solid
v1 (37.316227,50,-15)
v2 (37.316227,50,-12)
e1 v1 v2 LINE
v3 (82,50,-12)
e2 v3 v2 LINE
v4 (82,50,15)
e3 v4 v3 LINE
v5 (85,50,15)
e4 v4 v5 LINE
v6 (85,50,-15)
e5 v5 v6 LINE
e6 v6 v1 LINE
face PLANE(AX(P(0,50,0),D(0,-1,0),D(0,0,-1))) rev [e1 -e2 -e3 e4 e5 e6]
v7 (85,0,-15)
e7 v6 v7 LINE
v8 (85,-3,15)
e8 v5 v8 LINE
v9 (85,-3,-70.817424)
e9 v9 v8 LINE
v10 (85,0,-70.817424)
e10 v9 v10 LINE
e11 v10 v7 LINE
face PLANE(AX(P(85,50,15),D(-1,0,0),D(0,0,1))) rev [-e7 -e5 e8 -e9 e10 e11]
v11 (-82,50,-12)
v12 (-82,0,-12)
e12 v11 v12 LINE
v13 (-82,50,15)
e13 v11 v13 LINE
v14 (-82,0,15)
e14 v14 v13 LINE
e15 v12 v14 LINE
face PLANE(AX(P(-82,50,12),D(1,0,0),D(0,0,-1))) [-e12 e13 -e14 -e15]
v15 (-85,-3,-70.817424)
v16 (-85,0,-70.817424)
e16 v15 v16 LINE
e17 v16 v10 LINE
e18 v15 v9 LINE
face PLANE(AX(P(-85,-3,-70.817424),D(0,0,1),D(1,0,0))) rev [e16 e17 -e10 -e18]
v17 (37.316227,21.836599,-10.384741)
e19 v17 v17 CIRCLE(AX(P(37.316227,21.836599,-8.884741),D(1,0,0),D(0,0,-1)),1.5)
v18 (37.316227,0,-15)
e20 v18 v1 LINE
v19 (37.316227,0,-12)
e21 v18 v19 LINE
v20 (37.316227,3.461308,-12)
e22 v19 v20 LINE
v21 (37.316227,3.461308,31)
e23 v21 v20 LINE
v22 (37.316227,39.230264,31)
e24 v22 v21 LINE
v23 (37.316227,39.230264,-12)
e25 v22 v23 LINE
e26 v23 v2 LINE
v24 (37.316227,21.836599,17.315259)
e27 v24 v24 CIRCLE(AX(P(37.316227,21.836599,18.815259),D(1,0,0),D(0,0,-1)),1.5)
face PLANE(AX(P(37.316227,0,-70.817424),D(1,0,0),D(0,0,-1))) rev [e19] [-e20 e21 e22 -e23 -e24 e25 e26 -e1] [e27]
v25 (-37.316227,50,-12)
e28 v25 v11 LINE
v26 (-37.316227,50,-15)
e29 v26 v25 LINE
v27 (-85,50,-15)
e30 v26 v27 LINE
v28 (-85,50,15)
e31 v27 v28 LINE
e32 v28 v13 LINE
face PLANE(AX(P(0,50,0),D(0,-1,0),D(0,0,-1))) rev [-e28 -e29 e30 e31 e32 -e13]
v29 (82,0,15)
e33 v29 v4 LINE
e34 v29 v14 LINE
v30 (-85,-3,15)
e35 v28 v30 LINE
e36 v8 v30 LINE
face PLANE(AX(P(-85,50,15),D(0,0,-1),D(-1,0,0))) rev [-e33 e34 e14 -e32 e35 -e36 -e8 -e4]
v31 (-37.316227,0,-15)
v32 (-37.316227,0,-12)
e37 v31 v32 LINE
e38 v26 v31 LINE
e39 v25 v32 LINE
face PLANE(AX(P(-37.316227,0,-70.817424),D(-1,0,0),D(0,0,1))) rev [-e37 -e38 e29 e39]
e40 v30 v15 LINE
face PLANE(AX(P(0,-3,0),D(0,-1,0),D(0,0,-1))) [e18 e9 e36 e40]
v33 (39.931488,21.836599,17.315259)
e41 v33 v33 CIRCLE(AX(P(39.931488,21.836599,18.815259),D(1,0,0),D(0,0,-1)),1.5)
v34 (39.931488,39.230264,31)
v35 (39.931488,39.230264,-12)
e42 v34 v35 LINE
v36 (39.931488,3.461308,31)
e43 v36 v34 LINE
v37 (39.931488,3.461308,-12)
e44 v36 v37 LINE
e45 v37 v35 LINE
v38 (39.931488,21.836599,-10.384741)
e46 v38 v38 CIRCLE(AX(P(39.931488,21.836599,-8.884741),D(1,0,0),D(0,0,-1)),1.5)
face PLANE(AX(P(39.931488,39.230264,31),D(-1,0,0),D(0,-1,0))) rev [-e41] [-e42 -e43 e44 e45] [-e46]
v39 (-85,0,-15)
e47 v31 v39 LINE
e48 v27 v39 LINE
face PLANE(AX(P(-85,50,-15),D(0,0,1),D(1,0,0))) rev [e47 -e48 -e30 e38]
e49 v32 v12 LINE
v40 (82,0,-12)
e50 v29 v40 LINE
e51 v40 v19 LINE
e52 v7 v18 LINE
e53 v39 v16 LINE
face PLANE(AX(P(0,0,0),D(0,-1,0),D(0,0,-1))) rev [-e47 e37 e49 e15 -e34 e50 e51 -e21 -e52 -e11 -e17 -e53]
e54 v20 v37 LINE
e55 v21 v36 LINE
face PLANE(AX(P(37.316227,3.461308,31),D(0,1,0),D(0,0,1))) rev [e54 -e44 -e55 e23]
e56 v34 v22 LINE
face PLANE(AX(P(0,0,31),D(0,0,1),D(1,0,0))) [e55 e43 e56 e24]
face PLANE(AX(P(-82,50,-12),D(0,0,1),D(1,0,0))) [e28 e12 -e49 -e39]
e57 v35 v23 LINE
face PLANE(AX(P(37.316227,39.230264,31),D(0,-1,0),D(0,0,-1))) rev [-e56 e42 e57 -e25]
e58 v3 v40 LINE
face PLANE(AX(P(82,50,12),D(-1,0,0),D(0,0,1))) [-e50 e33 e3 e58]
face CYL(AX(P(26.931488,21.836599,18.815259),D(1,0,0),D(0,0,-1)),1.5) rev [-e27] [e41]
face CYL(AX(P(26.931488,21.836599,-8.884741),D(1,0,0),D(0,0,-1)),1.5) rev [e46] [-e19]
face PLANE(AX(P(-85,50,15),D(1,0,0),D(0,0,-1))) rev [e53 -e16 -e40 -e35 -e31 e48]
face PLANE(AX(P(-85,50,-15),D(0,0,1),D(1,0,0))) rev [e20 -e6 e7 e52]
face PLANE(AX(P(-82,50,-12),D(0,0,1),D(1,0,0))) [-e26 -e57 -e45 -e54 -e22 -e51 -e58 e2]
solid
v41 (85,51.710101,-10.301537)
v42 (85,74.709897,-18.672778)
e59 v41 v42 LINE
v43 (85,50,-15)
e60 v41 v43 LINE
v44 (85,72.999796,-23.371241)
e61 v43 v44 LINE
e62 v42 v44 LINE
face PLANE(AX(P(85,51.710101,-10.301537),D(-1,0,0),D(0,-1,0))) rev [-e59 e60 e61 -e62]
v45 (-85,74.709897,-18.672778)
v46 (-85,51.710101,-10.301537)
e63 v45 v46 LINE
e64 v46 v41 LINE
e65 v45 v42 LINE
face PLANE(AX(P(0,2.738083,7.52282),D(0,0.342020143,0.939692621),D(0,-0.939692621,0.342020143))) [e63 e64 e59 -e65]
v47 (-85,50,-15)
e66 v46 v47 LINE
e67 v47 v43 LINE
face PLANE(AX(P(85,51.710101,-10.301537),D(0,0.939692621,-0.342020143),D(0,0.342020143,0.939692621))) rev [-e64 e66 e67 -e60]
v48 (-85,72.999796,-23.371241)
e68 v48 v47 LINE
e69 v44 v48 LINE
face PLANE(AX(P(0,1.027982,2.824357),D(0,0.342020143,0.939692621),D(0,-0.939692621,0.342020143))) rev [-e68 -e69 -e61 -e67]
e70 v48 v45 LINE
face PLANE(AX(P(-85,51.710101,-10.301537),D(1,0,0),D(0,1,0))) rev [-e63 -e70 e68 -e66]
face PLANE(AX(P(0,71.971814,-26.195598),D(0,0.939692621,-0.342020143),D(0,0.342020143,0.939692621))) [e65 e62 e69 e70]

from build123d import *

# Parameters (mm, degrees)
SKETCH_1_W          = 170
SKETCH_1_H          = 30
SKETCH_1_W_2        = 164
SKETCH_1_H_2        = 24
EXTRUDE_1_DEPTH     = 50
SKETCH_2_W          = 170
SKETCH_2_H          = 4.475871816
EXTRUDE_2_DEPTH     = 5
SKETCH_4_W          = 170
SKETCH_4_H          = 5
EXTRUDE_4_DEPTH     = 20
SKETCH_5_W          = 164
SKETCH_5_H          = 3
CUT_EXTRUDE_1_DEPTH = 51
SKETCH_6_W          = 170
SKETCH_6_H          = 85.817423509
EXTRUDE_5_DEPTH     = 3
SKETCH_7_W          = 74.63245353
SKETCH_7_H          = 50
CUT_EXTRUDE_2_DEPTH = 59.817423509
SKETCH_8_W          = 2.615260917
SKETCH_8_H          = 35.768956176
EXTRUDE_6_DEPTH     = 43
SKETCH_10_R         = 1.5
CUT_EXTRUDE_3_DEPTH = 13


with BuildPart() as part:
    # 草图1 → 凸台-拉伸1 (new body)
    with BuildSketch(Plane(origin=(0, 0, 0), x_dir=(1, 0, 0), z_dir=(0, 1, 0))):
        Rectangle(SKETCH_1_W, SKETCH_1_H)
        Rectangle(SKETCH_1_W_2, SKETCH_1_H_2, mode=Mode.SUBTRACT)
    extrude(amount=EXTRUDE_1_DEPTH)

    # 草图5 → 切除-拉伸1 (cut, through all)
    with BuildSketch(Plane(origin=(0, 50, 0), x_dir=(1, 0, 0), z_dir=(0, 1, 0))):
        with Locations((0, -13.5)):
            Rectangle(SKETCH_5_W, SKETCH_5_H)
    extrude(amount=-CUT_EXTRUDE_1_DEPTH, mode=Mode.SUBTRACT)

    # 草图6 → 凸台-拉伸5 (add)
    with BuildSketch(Plane.XZ):
        with Locations((0, -27.908711755)):
            Rectangle(SKETCH_6_W, SKETCH_6_H)
    extrude(amount=EXTRUDE_5_DEPTH)

    # 草图7 → 切除-拉伸2 (cut, through all)
    with BuildSketch(Plane.XY.offset(-12)):
        with Locations((0, 25)):
            Rectangle(SKETCH_7_W, SKETCH_7_H)
    extrude(amount=-CUT_EXTRUDE_2_DEPTH, mode=Mode.SUBTRACT)

    # 草图8 → 凸台-拉伸6 (add)
    with BuildSketch(Plane.XY.offset(-12)):
        with Locations((38.623857224, 21.345785944)):
            Rectangle(SKETCH_8_W, SKETCH_8_H)
    extrude(amount=EXTRUDE_6_DEPTH)

    # 草图10 → 切除-拉伸3 (cut)
    with BuildSketch(Plane(origin=(39.931487682, 0, 0), x_dir=(0, 0, -1), z_dir=(1, 0, 0))):
        with Locations((-18.815259496, 21.83659903)):
            Circle(SKETCH_10_R)
        with Locations((8.884740504, 21.83659903)):
            Circle(SKETCH_10_R)
    extrude(amount=-CUT_EXTRUDE_3_DEPTH, mode=Mode.SUBTRACT)


with BuildPart() as body_2:
    # 草图2 → 凸台-拉伸2 (new body)
    with BuildSketch(Plane(origin=(0, 1.027981849, 2.824356919), x_dir=(-1, 0, 0), z_dir=(0, 0.342020143, 0.939692621))):
        with Locations((0, -54.352869097)):
            Rectangle(SKETCH_2_W, SKETCH_2_H)
    extrude(amount=EXTRUDE_2_DEPTH)

    # 草图4 → 凸台-拉伸4 (add)
    with BuildSketch(Plane(origin=(0, 53.177961867, -19.355195239), x_dir=(1, 0, 0), z_dir=(0, 0.939692621, -0.342020143))):
        with Locations((0, -5.505617854)):
            Rectangle(SKETCH_4_W, SKETCH_4_H)
    extrude(amount=EXTRUDE_4_DEPTH)


solid = Compound([part.part, body_2.part])
